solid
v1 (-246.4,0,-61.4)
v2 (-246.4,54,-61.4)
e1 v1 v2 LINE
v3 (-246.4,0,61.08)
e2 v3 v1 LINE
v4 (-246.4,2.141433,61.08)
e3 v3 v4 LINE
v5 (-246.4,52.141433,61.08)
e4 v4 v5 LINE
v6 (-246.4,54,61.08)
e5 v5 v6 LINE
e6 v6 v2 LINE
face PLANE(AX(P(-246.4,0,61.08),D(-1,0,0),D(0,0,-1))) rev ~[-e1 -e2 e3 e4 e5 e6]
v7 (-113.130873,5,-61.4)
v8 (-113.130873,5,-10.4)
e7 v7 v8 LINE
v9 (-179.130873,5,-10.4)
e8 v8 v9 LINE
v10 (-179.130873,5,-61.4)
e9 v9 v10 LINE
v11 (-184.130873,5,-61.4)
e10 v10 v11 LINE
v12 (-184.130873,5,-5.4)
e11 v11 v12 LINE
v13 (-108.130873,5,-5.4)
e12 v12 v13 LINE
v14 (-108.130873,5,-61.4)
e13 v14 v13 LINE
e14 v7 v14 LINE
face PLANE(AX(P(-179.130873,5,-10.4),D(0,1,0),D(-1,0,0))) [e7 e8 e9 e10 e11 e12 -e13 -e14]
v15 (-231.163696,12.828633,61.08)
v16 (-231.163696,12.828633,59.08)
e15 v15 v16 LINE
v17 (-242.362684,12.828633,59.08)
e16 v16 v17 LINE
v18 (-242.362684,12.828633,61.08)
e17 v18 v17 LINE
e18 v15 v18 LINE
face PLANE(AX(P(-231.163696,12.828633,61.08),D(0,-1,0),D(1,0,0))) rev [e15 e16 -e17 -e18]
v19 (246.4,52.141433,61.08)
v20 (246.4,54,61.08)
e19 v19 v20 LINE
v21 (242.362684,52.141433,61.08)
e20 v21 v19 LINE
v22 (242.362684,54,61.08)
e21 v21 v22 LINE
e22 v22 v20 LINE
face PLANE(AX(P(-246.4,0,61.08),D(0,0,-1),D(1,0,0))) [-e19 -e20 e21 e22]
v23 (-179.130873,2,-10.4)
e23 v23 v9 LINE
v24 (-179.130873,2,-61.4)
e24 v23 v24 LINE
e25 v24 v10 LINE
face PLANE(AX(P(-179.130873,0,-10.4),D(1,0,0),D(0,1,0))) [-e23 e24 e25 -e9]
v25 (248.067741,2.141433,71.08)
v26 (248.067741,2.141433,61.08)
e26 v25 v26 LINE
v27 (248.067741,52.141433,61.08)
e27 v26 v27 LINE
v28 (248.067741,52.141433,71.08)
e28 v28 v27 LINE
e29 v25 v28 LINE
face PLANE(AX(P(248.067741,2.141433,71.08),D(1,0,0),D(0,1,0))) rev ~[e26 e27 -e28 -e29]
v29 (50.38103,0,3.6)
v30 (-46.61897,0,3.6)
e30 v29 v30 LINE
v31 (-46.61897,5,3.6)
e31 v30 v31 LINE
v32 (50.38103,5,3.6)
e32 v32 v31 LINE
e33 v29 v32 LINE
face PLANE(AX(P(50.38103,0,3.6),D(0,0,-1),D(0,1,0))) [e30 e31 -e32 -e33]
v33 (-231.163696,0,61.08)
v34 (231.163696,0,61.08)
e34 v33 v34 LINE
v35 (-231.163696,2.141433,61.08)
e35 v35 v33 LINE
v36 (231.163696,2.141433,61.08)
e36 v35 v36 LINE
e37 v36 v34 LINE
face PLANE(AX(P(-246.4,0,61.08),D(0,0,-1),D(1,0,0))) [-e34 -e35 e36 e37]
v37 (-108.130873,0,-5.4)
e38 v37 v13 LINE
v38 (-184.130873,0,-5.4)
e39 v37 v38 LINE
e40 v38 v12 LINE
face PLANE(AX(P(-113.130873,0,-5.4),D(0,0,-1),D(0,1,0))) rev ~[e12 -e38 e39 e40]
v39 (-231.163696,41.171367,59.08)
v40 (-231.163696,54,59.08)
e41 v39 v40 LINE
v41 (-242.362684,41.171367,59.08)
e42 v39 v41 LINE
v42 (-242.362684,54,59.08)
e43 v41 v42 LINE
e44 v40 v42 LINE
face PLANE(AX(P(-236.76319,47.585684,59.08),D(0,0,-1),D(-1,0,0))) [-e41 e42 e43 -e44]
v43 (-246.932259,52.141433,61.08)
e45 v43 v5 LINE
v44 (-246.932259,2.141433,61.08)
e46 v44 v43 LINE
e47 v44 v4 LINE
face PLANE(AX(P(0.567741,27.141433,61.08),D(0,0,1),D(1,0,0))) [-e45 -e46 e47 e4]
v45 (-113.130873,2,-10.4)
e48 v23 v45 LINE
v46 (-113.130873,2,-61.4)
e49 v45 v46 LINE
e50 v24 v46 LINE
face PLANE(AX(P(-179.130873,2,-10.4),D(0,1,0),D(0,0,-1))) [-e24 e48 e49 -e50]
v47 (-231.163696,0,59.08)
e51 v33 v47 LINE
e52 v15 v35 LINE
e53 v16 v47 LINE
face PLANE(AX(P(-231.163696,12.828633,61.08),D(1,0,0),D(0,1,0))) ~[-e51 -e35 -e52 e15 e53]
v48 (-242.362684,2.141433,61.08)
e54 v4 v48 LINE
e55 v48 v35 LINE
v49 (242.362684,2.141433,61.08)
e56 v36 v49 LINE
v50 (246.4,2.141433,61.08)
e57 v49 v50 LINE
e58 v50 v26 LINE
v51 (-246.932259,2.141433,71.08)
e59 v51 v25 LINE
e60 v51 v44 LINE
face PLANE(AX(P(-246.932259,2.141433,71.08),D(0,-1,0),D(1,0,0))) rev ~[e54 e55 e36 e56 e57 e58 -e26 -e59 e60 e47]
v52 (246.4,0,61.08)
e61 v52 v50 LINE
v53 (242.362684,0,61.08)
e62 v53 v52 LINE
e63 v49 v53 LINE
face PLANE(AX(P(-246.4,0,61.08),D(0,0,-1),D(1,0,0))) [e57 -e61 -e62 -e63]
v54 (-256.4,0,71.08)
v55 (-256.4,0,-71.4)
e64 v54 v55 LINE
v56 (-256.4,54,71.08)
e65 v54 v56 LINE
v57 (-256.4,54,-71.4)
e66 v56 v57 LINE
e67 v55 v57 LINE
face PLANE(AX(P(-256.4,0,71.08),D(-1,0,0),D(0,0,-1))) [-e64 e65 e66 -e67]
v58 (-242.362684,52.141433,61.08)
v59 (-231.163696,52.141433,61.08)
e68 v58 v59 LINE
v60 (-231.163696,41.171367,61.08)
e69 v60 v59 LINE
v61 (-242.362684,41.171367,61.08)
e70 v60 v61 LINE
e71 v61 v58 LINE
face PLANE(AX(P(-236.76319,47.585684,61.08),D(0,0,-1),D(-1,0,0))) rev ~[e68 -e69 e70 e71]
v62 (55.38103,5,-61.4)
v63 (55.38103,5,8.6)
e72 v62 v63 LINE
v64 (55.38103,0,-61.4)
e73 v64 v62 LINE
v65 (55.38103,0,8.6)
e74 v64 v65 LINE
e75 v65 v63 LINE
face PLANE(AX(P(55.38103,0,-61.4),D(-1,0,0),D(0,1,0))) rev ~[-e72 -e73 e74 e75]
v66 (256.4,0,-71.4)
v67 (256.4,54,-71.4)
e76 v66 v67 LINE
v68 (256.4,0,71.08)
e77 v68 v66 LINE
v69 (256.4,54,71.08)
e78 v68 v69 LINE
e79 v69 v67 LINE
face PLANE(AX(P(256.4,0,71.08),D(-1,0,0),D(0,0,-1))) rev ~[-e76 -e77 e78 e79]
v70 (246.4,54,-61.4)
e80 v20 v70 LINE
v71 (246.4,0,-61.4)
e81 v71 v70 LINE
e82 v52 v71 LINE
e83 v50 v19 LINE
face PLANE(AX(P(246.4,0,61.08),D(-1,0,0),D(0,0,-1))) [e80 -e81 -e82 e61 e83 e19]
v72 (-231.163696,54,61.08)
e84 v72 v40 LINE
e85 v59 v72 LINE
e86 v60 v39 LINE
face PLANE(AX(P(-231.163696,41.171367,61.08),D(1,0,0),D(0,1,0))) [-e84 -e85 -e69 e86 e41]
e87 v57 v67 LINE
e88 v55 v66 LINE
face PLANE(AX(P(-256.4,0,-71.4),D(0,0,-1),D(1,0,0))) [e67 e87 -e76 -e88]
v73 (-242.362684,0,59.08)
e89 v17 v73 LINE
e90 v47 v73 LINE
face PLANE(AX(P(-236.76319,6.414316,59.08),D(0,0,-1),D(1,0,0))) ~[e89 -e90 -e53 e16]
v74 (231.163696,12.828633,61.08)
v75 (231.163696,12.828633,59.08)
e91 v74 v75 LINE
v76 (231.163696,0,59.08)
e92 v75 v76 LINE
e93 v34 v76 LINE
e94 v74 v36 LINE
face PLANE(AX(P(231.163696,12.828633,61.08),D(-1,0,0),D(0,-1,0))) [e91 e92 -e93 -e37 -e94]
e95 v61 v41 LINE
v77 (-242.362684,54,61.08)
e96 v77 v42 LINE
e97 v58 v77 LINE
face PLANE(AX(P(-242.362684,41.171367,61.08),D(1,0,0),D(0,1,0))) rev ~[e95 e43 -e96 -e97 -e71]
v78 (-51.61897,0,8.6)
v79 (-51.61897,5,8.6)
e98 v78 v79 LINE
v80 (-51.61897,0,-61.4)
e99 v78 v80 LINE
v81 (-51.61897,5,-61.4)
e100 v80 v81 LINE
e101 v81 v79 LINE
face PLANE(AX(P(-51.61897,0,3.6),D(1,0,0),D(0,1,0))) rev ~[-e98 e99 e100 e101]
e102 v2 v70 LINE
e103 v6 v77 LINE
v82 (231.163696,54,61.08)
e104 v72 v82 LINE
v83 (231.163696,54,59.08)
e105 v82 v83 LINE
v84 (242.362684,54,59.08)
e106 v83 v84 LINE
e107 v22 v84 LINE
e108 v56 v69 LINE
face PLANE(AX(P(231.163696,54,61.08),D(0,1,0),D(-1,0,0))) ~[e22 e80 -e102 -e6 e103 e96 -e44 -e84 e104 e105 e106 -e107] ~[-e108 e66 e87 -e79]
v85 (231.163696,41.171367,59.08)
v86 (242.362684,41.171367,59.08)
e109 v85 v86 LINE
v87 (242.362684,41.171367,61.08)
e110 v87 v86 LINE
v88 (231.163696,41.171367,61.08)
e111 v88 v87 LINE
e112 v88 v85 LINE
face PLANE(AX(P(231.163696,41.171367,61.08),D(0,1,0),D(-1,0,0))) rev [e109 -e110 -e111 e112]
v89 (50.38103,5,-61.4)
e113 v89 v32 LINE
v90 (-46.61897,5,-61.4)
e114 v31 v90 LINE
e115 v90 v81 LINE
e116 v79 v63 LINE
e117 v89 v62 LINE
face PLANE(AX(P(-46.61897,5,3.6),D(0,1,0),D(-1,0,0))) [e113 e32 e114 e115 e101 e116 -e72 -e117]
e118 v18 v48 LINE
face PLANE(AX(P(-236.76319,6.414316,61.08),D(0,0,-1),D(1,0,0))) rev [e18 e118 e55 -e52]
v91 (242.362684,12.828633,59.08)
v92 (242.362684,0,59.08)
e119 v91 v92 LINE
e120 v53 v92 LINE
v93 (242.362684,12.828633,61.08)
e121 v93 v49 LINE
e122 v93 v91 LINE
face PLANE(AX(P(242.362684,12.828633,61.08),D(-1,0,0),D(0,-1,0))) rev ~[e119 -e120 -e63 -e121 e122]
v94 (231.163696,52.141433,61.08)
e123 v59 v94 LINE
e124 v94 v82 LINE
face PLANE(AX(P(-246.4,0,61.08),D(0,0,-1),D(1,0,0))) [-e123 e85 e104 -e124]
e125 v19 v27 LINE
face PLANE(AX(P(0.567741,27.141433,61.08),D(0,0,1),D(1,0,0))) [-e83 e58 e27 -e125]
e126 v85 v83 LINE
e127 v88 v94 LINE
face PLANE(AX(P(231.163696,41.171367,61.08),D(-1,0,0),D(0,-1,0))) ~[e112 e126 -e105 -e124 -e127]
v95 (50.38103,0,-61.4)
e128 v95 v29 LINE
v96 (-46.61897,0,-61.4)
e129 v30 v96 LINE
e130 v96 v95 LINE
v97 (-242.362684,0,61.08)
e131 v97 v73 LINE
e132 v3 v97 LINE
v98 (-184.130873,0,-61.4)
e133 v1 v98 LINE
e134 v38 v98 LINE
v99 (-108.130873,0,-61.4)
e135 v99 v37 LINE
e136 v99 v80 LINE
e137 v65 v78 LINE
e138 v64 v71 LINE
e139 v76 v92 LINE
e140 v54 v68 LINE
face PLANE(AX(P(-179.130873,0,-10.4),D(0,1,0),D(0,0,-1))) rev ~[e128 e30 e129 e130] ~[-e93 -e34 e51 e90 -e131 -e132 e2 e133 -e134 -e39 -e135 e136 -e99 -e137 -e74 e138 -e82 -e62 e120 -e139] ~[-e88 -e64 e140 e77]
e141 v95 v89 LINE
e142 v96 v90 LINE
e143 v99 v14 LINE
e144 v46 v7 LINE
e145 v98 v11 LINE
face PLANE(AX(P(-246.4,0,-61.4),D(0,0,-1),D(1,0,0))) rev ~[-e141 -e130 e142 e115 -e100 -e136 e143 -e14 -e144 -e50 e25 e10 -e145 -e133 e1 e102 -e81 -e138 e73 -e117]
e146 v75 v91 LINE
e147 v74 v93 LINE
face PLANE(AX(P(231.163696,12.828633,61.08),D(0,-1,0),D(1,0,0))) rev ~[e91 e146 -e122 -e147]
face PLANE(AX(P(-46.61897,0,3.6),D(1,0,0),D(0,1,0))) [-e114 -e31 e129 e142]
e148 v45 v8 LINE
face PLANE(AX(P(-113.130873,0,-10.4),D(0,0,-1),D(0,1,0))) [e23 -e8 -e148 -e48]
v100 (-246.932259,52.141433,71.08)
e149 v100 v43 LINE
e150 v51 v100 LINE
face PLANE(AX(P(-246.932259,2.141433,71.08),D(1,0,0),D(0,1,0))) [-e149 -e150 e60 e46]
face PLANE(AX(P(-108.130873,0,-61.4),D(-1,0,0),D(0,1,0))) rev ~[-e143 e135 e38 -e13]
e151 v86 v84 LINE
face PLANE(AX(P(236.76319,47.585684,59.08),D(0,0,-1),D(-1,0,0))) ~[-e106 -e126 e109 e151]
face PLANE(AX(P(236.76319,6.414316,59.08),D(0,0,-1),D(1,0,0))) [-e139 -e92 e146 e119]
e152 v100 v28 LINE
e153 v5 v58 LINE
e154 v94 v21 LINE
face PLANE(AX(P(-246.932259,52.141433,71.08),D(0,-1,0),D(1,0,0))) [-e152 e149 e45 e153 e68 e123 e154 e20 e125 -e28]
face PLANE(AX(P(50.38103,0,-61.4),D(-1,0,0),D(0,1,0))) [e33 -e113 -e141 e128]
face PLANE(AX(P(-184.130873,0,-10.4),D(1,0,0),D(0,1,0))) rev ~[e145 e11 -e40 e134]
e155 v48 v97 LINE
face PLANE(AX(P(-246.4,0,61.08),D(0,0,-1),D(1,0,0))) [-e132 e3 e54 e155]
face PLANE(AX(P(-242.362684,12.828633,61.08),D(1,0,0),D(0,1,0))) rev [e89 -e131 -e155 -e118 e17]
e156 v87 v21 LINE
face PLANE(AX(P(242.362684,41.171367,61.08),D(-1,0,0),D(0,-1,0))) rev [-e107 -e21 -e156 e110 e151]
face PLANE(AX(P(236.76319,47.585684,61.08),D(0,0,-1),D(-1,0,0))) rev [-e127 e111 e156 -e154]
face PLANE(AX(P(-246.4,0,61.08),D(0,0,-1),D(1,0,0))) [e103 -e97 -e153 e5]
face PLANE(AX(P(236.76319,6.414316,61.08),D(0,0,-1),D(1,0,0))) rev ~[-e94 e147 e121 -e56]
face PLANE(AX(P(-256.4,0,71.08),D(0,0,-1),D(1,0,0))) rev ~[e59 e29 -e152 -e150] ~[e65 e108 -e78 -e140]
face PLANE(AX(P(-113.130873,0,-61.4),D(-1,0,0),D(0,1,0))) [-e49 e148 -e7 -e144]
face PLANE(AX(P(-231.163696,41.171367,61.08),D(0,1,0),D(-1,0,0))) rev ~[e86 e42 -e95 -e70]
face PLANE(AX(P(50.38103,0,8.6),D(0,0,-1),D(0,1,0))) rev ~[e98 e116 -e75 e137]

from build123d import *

# Parameters (mm, degrees)
SKETCH2_W               = 512.8
SKETCH2_H               = 142.48
SKETCH2_W_2             = 492.8
SKETCH2_H_2             = 122.48
EXTRUDE_THIN1_DEPTH     = 54
SKETCH3_W               = 495
SKETCH3_H               = 50
CUT_EXTRUDE1_DEPTH      = 10
SKETCH4_W               = 11.198987657
SKETCH4_H               = 12.828632872
BOSS_EXTRUDE1_DEPTH     = 2
MIRROR3_COPY_1_SKETCH_W = 11.198987657
MIRROR3_COPY_1_SKETCH_H = 12.828632872
MIRROR3_COPY_1_DEPTH    = 2
MIRROR3_COPY_2_SKETCH_W = 11.198987657
MIRROR3_COPY_2_SKETCH_H = 12.828632872
MIRROR3_COPY_2_DEPTH    = 2
SKETCH5_W               = 5
SKETCH5_H               = 5
BOSS_EXTRUDE2_DEPTH     = 70
SKETCH7_W               = 5
SKETCH7_H               = 5
BOSS_EXTRUDE3_DEPTH     = 102
SKETCH8_W               = 5
SKETCH8_H               = 5
BOSS_EXTRUDE4_DEPTH     = 65
SKETCH9_W               = 5
SKETCH9_H               = 5
BOSS_EXTRUDE5_DEPTH     = 56
SKETCH10_W              = 5
SKETCH10_H              = 5
BOSS_EXTRUDE6_DEPTH     = 71
SKETCH11_W              = 5
SKETCH11_H              = 5
BOSS_EXTRUDE7_DEPTH     = 51
SKETCH14_W              = 51
SKETCH14_H              = 2
BOSS_EXTRUDE8_DEPTH     = 66


with BuildPart() as part:
    # Sketch2 → Extrude-Thin1 (new body)
    with BuildSketch(Plane(origin=(0, 0, 0), x_dir=(1, 0, 0), z_dir=(0, 1, 0))):
        with Locations((0, 0.16)):
            Rectangle(SKETCH2_W, SKETCH2_H)
        with Locations((0, 0.16)):
            Rectangle(SKETCH2_W_2, SKETCH2_H_2, mode=Mode.SUBTRACT)
    extrude(amount=EXTRUDE_THIN1_DEPTH)

    # Sketch3 → Cut-Extrude1 (cut)
    with BuildSketch(Plane.XY.offset(71.08)):
        with Locations((0.567740689, 27.1414334)):
            Rectangle(SKETCH3_W, SKETCH3_H)
    extrude(amount=-CUT_EXTRUDE1_DEPTH, mode=Mode.SUBTRACT)

    # Sketch4 → Boss-Extrude1 (add)
    with BuildSketch(Plane(origin=(0, 0, 61.08), x_dir=(-1, 0, 0), z_dir=(0, 0, -1))):
        with Locations((236.763190304, 47.585683564)):
            Rectangle(SKETCH4_W, SKETCH4_H)
    boss_extrude1 = extrude(amount=BOSS_EXTRUDE1_DEPTH)

    # Mirror1: Boss-Extrude1 across plane
    add(boss_extrude1.mirror(Plane(origin=(0, 0, 0), x_dir=(0, 0, 1), z_dir=(1, 0, 0))))

    # Mirror2: Boss-Extrude1 across plane
    add(boss_extrude1.mirror(Plane.ZX.offset(27)))

    # Mirror3 copy 1 sketch → Mirror3 copy 1 (add)
    with BuildSketch(Plane(origin=(0, 54, 61.08), x_dir=(1, 0, 0), z_dir=(0, 0, -1))):
        with Locations((236.763190304, 47.585683564)):
            Rectangle(MIRROR3_COPY_1_SKETCH_W, MIRROR3_COPY_1_SKETCH_H)
    extrude(amount=MIRROR3_COPY_1_DEPTH)

    # Mirror3 copy 2 sketch → Mirror3 copy 2 (add)
    with BuildSketch(Plane(origin=(0, 54, 61.08), x_dir=(-1, 0, 0), z_dir=(0, 0, -1))):
        with Locations((236.763190304, -47.585683564)):
            Rectangle(MIRROR3_COPY_2_SKETCH_W, MIRROR3_COPY_2_SKETCH_H)
    extrude(amount=MIRROR3_COPY_2_DEPTH)

    # Sketch5 → Boss-Extrude2 (add)
    with BuildSketch(Plane.XY.offset(-61.4)):
        with Locations((52.881030247, 2.5)):
            Rectangle(SKETCH5_W, SKETCH5_H)
    extrude(amount=BOSS_EXTRUDE2_DEPTH)

    # Sketch7 → Boss-Extrude3 (add)
    with BuildSketch(Plane.ZY.offset(-50.381030247)):
        with Locations((6.1, 2.5)):
            Rectangle(SKETCH7_W, SKETCH7_H)
    extrude(amount=BOSS_EXTRUDE3_DEPTH)

    # Sketch8 → Boss-Extrude4 (add)
    with BuildSketch(Plane(origin=(0, 0, 3.6), x_dir=(-1, 0, 0), z_dir=(0, 0, -1))):
        with Locations((49.118969753, 2.5)):
            Rectangle(SKETCH8_W, SKETCH8_H)
    extrude(amount=BOSS_EXTRUDE4_DEPTH)

    # Sketch9 → Boss-Extrude5 (add)
    with BuildSketch(Plane.XY.offset(-61.4)):
        with Locations((-110.630872861, 2.5)):
            Rectangle(SKETCH9_W, SKETCH9_H)
    extrude(amount=BOSS_EXTRUDE5_DEPTH)

    # Sketch10 → Boss-Extrude6 (add)
    with BuildSketch(Plane.ZY.offset(113.130872861)):
        with Locations((-7.9, 2.5)):
            Rectangle(SKETCH10_W, SKETCH10_H)
    extrude(amount=BOSS_EXTRUDE6_DEPTH)

    # Sketch11 → Boss-Extrude7 (add)
    with BuildSketch(Plane(origin=(0, 0, -10.4), x_dir=(-1, 0, 0), z_dir=(0, 0, -1))):
        with Locations((181.630872861, 2.5)):
            Rectangle(SKETCH11_W, SKETCH11_H)
    extrude(amount=BOSS_EXTRUDE7_DEPTH)

    # Sketch14 → Boss-Extrude8 (add)
    with BuildSketch(Plane(origin=(-179.130872861, 0, 0), x_dir=(0, 0, -1), z_dir=(1, 0, 0))):
        with Locations((35.9, 1)):
            Rectangle(SKETCH14_W, SKETCH14_H)
    extrude(amount=BOSS_EXTRUDE8_DEPTH)


solid = part.part
